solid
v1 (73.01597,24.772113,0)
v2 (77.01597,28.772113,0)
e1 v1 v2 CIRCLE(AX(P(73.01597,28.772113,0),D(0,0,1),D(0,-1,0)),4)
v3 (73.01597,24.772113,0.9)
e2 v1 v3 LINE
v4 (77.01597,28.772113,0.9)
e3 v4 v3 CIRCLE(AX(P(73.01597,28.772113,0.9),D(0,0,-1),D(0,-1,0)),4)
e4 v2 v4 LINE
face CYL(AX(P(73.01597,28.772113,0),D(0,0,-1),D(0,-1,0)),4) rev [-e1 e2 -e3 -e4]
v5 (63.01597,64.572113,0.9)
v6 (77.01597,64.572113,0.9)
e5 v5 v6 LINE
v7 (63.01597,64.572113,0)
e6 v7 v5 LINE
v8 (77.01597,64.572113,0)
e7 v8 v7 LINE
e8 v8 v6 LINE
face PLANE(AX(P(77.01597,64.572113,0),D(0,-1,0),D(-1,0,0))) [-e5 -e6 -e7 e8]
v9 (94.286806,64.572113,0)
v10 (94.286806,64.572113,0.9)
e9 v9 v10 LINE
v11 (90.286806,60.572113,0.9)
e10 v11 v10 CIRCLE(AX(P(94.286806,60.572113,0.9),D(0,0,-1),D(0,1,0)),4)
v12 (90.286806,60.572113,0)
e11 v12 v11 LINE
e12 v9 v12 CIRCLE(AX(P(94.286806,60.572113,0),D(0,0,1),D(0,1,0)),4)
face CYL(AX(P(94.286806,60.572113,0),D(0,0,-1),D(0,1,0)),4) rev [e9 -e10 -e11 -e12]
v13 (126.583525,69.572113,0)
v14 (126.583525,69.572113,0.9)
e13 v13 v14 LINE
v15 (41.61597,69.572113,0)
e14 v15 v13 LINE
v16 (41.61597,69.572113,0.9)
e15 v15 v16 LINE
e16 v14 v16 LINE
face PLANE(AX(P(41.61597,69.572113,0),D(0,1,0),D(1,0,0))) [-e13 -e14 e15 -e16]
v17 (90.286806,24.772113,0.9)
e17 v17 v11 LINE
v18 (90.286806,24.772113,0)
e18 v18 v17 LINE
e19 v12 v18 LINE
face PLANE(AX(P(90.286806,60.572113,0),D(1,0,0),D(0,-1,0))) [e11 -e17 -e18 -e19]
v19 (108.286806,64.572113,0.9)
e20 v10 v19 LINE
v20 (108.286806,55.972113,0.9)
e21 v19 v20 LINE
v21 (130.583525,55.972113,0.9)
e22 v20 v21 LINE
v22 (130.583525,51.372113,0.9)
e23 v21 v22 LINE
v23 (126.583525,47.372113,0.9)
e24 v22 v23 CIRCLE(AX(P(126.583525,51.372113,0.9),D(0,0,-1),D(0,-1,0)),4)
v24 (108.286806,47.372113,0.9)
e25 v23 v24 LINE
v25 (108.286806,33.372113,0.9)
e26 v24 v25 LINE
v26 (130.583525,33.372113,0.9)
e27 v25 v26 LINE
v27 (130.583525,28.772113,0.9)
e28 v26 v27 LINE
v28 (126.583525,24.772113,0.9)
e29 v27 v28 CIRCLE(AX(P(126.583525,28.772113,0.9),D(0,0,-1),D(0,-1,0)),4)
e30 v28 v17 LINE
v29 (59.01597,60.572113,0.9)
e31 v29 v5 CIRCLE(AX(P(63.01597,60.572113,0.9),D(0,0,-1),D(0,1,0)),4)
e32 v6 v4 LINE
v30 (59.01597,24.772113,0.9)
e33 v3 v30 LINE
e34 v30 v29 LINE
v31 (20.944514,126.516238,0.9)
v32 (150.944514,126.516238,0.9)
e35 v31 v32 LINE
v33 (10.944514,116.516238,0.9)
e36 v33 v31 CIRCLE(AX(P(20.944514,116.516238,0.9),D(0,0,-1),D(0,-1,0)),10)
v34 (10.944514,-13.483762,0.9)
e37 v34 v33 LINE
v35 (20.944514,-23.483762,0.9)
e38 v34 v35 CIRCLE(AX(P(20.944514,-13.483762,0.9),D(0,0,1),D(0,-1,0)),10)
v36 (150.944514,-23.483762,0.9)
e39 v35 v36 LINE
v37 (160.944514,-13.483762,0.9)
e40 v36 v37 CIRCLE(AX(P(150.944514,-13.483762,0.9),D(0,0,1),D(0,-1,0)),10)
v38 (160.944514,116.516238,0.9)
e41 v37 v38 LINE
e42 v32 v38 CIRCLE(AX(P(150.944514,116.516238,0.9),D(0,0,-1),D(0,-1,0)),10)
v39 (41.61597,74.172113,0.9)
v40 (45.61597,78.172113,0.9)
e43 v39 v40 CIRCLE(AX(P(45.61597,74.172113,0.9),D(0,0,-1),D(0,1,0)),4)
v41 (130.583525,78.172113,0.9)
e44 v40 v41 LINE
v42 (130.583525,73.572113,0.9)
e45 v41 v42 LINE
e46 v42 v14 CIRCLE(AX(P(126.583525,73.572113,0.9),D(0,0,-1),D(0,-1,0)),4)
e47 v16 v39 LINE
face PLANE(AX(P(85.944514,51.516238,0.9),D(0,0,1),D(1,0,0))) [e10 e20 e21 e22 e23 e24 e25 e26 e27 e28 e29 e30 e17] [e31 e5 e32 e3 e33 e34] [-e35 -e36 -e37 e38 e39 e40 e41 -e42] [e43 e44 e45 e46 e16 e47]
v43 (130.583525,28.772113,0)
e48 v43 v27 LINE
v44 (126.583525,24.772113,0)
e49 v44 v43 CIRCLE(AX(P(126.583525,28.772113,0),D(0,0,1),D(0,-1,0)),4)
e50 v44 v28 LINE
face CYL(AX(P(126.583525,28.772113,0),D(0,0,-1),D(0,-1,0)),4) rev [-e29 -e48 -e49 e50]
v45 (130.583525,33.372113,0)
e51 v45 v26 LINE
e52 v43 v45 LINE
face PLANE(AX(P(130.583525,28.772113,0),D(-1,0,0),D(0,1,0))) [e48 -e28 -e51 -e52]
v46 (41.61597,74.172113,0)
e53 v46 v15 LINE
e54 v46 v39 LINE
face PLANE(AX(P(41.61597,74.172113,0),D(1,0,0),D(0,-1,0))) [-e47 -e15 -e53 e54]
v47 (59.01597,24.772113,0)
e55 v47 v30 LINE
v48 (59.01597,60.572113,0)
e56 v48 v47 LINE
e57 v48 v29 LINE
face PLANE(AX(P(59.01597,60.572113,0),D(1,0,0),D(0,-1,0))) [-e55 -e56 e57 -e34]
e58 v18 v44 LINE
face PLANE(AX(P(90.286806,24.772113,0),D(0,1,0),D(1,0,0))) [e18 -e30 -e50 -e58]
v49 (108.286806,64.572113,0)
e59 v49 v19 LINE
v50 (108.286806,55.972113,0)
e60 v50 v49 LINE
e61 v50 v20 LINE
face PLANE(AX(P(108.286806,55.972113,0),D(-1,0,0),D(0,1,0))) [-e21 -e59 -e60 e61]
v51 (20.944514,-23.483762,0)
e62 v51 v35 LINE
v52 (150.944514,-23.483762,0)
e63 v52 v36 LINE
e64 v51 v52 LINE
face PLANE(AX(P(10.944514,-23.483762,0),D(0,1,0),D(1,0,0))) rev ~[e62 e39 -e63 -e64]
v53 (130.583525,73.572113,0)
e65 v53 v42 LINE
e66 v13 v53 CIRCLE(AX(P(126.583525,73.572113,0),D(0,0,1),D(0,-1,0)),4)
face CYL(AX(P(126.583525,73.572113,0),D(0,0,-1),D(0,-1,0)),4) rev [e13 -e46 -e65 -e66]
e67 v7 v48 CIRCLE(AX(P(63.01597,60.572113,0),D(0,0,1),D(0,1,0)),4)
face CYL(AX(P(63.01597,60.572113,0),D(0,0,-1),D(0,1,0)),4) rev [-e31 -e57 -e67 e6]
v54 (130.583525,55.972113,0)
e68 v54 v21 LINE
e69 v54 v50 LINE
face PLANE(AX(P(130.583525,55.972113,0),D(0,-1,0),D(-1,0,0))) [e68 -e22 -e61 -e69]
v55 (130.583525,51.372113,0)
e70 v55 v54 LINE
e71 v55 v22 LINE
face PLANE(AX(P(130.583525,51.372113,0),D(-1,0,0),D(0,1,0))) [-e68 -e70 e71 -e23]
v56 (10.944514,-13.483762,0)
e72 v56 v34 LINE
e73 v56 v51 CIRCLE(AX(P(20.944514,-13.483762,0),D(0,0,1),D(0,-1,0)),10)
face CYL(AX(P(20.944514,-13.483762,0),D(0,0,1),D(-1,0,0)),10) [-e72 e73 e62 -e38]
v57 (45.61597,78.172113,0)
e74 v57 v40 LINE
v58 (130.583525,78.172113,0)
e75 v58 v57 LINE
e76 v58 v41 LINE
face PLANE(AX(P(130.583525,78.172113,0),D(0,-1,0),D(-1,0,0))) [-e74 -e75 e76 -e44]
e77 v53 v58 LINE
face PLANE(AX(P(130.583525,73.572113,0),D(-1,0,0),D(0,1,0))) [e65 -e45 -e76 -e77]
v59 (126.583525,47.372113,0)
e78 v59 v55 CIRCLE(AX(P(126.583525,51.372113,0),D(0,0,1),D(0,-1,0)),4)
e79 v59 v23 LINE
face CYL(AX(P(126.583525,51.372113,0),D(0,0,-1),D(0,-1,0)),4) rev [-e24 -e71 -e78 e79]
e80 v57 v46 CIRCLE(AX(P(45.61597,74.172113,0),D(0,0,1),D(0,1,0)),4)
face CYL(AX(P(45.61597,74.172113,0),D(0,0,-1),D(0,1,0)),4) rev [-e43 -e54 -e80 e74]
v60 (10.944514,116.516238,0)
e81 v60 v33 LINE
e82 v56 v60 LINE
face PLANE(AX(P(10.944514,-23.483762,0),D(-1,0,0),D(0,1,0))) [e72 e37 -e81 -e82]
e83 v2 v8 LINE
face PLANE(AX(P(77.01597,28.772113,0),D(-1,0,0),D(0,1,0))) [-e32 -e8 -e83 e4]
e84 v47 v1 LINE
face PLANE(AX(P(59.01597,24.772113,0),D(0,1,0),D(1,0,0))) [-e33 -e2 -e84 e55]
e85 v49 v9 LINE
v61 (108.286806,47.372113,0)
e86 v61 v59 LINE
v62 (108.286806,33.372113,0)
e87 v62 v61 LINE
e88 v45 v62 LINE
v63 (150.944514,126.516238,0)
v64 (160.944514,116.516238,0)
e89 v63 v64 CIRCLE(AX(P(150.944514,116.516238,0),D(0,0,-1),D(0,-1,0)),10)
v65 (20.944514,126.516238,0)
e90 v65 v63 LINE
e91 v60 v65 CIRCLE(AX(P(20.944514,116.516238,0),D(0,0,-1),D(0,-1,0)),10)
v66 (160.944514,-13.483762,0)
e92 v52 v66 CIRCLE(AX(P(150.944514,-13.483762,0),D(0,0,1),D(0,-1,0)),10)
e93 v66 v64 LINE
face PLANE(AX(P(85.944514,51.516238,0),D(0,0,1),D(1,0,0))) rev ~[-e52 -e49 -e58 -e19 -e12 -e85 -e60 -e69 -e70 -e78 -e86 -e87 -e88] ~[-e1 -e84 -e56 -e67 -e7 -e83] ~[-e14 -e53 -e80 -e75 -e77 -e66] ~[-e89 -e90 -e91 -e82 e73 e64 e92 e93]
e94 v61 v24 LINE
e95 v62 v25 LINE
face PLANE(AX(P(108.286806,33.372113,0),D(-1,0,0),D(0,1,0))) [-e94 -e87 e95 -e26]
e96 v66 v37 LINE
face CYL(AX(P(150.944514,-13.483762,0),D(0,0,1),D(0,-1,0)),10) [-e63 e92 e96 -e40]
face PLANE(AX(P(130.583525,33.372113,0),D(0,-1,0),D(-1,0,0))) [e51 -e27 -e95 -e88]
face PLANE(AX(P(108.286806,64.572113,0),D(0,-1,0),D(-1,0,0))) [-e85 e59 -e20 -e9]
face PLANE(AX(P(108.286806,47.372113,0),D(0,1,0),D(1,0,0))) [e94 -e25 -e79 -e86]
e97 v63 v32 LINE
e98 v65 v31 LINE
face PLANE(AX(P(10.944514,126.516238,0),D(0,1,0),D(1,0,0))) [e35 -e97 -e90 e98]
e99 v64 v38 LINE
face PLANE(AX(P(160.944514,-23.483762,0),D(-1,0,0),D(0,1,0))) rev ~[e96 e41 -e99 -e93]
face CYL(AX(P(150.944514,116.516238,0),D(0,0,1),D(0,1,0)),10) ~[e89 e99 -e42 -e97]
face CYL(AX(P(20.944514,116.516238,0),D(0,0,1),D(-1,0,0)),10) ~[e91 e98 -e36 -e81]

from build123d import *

# Parameters (mm, degrees)
F1_W     = 75
F1_H     = 75
F2_DEPTH = 0.45
F3_DEPTH = 0.451
F4_SCALE = 2
F5_R     = 10


with BuildPart() as f2:
    # F1 (on Top) → F2 (new body)
    with BuildSketch(Plane.XY):
        with Locations((42.972257086, 25.7581188657)):
            Rectangle(F1_W, F1_H)
    extrude(amount=F2_DEPTH)

    # F0 (on Top) → F3 (cut, through all)
    with BuildSketch(Plane.XY):
        with BuildLine():
            Line((20.8079852164, 34.7860567272), (63.291762352, 34.7860567272))
            ThreePointArc((63.291762352, 34.7860567272), (64.7059759144, 35.3718431648), (65.291762352, 36.7860567272))
            Line((65.291762352, 36.7860567272), (65.291762352, 39.0860567272))
            Line((65.291762352, 39.0860567272), (22.8079852164, 39.0860567272))
            ThreePointArc((22.8079852164, 39.0860567272), (21.393771654, 38.5002702895), (20.8079852164, 37.0860567272))
            Line((20.8079852164, 37.0860567272), (20.8079852164, 34.7860567272))
        make_face()
        with BuildLine():
            Line((38.5079852164, 14.3860567272), (38.5079852164, 32.2860567272))
            Line((38.5079852164, 32.2860567272), (31.5079852164, 32.2860567272))
            ThreePointArc((31.5079852164, 32.2860567272), (30.093771654, 31.7002702895), (29.5079852164, 30.2860567272))
            Line((29.5079852164, 30.2860567272), (29.5079852164, 12.3860567272))
            Line((29.5079852164, 12.3860567272), (36.5079852164, 12.3860567272))
            ThreePointArc((36.5079852164, 12.3860567272), (37.9221987788, 12.9718431648), (38.5079852164, 14.3860567272))
        make_face()
        with BuildLine():
            Line((54.1434029907, 27.9860567272), (54.1434029907, 32.2860567272))
            Line((54.1434029907, 32.2860567272), (47.1434029907, 32.2860567272))
            ThreePointArc((47.1434029907, 32.2860567272), (45.7291894283, 31.7002702895), (45.1434029907, 30.2860567272))
            Line((45.1434029907, 30.2860567272), (45.1434029907, 12.3860567272))
            Line((45.1434029907, 12.3860567272), (54.1434029907, 12.3860567272))
            Line((54.1434029907, 12.3860567272), (54.1434029907, 16.6860567272))
            Line((54.1434029907, 16.6860567272), (54.1434029907, 23.6860567272))
            Line((54.1434029907, 23.6860567272), (54.1434029907, 27.9860567272))
        make_face()
        with BuildLine():
            Line((65.291762352, 27.9860567272), (54.1434029907, 27.9860567272))
            Line((54.1434029907, 27.9860567272), (54.1434029907, 23.6860567272))
            Line((54.1434029907, 23.6860567272), (63.291762352, 23.6860567272))
            ThreePointArc((63.291762352, 23.6860567272), (64.7059759144, 24.2718431648), (65.291762352, 25.6860567272))
            Line((65.291762352, 25.6860567272), (65.291762352, 27.9860567272))
        make_face()
        with BuildLine():
            Line((65.291762352, 16.6860567272), (54.1434029907, 16.6860567272))
            Line((54.1434029907, 16.6860567272), (54.1434029907, 12.3860567272))
            Line((54.1434029907, 12.3860567272), (63.291762352, 12.3860567272))
            ThreePointArc((63.291762352, 12.3860567272), (64.7059759144, 12.9718431648), (65.291762352, 14.3860567272))
            Line((65.291762352, 14.3860567272), (65.291762352, 16.6860567272))
        make_face()
    extrude(amount=F3_DEPTH, mode=Mode.SUBTRACT)


with BuildPart() as f2_1:
    # F4: moved
    add(f2.part.scale(F4_SCALE))

    # F5
    f5_edges = [f2_1.edges().sort_by_distance(p)[0] for p in [
        (160.944514, -23.483762, 0.45),
        (10.944514, -23.483762, 0.45),
        (10.944514, 126.516238, 0.45),
        (160.944514, 126.516238, 0.45),
    ]]
    fillet(f5_edges, radius=F5_R)


solid = f2_1.part
